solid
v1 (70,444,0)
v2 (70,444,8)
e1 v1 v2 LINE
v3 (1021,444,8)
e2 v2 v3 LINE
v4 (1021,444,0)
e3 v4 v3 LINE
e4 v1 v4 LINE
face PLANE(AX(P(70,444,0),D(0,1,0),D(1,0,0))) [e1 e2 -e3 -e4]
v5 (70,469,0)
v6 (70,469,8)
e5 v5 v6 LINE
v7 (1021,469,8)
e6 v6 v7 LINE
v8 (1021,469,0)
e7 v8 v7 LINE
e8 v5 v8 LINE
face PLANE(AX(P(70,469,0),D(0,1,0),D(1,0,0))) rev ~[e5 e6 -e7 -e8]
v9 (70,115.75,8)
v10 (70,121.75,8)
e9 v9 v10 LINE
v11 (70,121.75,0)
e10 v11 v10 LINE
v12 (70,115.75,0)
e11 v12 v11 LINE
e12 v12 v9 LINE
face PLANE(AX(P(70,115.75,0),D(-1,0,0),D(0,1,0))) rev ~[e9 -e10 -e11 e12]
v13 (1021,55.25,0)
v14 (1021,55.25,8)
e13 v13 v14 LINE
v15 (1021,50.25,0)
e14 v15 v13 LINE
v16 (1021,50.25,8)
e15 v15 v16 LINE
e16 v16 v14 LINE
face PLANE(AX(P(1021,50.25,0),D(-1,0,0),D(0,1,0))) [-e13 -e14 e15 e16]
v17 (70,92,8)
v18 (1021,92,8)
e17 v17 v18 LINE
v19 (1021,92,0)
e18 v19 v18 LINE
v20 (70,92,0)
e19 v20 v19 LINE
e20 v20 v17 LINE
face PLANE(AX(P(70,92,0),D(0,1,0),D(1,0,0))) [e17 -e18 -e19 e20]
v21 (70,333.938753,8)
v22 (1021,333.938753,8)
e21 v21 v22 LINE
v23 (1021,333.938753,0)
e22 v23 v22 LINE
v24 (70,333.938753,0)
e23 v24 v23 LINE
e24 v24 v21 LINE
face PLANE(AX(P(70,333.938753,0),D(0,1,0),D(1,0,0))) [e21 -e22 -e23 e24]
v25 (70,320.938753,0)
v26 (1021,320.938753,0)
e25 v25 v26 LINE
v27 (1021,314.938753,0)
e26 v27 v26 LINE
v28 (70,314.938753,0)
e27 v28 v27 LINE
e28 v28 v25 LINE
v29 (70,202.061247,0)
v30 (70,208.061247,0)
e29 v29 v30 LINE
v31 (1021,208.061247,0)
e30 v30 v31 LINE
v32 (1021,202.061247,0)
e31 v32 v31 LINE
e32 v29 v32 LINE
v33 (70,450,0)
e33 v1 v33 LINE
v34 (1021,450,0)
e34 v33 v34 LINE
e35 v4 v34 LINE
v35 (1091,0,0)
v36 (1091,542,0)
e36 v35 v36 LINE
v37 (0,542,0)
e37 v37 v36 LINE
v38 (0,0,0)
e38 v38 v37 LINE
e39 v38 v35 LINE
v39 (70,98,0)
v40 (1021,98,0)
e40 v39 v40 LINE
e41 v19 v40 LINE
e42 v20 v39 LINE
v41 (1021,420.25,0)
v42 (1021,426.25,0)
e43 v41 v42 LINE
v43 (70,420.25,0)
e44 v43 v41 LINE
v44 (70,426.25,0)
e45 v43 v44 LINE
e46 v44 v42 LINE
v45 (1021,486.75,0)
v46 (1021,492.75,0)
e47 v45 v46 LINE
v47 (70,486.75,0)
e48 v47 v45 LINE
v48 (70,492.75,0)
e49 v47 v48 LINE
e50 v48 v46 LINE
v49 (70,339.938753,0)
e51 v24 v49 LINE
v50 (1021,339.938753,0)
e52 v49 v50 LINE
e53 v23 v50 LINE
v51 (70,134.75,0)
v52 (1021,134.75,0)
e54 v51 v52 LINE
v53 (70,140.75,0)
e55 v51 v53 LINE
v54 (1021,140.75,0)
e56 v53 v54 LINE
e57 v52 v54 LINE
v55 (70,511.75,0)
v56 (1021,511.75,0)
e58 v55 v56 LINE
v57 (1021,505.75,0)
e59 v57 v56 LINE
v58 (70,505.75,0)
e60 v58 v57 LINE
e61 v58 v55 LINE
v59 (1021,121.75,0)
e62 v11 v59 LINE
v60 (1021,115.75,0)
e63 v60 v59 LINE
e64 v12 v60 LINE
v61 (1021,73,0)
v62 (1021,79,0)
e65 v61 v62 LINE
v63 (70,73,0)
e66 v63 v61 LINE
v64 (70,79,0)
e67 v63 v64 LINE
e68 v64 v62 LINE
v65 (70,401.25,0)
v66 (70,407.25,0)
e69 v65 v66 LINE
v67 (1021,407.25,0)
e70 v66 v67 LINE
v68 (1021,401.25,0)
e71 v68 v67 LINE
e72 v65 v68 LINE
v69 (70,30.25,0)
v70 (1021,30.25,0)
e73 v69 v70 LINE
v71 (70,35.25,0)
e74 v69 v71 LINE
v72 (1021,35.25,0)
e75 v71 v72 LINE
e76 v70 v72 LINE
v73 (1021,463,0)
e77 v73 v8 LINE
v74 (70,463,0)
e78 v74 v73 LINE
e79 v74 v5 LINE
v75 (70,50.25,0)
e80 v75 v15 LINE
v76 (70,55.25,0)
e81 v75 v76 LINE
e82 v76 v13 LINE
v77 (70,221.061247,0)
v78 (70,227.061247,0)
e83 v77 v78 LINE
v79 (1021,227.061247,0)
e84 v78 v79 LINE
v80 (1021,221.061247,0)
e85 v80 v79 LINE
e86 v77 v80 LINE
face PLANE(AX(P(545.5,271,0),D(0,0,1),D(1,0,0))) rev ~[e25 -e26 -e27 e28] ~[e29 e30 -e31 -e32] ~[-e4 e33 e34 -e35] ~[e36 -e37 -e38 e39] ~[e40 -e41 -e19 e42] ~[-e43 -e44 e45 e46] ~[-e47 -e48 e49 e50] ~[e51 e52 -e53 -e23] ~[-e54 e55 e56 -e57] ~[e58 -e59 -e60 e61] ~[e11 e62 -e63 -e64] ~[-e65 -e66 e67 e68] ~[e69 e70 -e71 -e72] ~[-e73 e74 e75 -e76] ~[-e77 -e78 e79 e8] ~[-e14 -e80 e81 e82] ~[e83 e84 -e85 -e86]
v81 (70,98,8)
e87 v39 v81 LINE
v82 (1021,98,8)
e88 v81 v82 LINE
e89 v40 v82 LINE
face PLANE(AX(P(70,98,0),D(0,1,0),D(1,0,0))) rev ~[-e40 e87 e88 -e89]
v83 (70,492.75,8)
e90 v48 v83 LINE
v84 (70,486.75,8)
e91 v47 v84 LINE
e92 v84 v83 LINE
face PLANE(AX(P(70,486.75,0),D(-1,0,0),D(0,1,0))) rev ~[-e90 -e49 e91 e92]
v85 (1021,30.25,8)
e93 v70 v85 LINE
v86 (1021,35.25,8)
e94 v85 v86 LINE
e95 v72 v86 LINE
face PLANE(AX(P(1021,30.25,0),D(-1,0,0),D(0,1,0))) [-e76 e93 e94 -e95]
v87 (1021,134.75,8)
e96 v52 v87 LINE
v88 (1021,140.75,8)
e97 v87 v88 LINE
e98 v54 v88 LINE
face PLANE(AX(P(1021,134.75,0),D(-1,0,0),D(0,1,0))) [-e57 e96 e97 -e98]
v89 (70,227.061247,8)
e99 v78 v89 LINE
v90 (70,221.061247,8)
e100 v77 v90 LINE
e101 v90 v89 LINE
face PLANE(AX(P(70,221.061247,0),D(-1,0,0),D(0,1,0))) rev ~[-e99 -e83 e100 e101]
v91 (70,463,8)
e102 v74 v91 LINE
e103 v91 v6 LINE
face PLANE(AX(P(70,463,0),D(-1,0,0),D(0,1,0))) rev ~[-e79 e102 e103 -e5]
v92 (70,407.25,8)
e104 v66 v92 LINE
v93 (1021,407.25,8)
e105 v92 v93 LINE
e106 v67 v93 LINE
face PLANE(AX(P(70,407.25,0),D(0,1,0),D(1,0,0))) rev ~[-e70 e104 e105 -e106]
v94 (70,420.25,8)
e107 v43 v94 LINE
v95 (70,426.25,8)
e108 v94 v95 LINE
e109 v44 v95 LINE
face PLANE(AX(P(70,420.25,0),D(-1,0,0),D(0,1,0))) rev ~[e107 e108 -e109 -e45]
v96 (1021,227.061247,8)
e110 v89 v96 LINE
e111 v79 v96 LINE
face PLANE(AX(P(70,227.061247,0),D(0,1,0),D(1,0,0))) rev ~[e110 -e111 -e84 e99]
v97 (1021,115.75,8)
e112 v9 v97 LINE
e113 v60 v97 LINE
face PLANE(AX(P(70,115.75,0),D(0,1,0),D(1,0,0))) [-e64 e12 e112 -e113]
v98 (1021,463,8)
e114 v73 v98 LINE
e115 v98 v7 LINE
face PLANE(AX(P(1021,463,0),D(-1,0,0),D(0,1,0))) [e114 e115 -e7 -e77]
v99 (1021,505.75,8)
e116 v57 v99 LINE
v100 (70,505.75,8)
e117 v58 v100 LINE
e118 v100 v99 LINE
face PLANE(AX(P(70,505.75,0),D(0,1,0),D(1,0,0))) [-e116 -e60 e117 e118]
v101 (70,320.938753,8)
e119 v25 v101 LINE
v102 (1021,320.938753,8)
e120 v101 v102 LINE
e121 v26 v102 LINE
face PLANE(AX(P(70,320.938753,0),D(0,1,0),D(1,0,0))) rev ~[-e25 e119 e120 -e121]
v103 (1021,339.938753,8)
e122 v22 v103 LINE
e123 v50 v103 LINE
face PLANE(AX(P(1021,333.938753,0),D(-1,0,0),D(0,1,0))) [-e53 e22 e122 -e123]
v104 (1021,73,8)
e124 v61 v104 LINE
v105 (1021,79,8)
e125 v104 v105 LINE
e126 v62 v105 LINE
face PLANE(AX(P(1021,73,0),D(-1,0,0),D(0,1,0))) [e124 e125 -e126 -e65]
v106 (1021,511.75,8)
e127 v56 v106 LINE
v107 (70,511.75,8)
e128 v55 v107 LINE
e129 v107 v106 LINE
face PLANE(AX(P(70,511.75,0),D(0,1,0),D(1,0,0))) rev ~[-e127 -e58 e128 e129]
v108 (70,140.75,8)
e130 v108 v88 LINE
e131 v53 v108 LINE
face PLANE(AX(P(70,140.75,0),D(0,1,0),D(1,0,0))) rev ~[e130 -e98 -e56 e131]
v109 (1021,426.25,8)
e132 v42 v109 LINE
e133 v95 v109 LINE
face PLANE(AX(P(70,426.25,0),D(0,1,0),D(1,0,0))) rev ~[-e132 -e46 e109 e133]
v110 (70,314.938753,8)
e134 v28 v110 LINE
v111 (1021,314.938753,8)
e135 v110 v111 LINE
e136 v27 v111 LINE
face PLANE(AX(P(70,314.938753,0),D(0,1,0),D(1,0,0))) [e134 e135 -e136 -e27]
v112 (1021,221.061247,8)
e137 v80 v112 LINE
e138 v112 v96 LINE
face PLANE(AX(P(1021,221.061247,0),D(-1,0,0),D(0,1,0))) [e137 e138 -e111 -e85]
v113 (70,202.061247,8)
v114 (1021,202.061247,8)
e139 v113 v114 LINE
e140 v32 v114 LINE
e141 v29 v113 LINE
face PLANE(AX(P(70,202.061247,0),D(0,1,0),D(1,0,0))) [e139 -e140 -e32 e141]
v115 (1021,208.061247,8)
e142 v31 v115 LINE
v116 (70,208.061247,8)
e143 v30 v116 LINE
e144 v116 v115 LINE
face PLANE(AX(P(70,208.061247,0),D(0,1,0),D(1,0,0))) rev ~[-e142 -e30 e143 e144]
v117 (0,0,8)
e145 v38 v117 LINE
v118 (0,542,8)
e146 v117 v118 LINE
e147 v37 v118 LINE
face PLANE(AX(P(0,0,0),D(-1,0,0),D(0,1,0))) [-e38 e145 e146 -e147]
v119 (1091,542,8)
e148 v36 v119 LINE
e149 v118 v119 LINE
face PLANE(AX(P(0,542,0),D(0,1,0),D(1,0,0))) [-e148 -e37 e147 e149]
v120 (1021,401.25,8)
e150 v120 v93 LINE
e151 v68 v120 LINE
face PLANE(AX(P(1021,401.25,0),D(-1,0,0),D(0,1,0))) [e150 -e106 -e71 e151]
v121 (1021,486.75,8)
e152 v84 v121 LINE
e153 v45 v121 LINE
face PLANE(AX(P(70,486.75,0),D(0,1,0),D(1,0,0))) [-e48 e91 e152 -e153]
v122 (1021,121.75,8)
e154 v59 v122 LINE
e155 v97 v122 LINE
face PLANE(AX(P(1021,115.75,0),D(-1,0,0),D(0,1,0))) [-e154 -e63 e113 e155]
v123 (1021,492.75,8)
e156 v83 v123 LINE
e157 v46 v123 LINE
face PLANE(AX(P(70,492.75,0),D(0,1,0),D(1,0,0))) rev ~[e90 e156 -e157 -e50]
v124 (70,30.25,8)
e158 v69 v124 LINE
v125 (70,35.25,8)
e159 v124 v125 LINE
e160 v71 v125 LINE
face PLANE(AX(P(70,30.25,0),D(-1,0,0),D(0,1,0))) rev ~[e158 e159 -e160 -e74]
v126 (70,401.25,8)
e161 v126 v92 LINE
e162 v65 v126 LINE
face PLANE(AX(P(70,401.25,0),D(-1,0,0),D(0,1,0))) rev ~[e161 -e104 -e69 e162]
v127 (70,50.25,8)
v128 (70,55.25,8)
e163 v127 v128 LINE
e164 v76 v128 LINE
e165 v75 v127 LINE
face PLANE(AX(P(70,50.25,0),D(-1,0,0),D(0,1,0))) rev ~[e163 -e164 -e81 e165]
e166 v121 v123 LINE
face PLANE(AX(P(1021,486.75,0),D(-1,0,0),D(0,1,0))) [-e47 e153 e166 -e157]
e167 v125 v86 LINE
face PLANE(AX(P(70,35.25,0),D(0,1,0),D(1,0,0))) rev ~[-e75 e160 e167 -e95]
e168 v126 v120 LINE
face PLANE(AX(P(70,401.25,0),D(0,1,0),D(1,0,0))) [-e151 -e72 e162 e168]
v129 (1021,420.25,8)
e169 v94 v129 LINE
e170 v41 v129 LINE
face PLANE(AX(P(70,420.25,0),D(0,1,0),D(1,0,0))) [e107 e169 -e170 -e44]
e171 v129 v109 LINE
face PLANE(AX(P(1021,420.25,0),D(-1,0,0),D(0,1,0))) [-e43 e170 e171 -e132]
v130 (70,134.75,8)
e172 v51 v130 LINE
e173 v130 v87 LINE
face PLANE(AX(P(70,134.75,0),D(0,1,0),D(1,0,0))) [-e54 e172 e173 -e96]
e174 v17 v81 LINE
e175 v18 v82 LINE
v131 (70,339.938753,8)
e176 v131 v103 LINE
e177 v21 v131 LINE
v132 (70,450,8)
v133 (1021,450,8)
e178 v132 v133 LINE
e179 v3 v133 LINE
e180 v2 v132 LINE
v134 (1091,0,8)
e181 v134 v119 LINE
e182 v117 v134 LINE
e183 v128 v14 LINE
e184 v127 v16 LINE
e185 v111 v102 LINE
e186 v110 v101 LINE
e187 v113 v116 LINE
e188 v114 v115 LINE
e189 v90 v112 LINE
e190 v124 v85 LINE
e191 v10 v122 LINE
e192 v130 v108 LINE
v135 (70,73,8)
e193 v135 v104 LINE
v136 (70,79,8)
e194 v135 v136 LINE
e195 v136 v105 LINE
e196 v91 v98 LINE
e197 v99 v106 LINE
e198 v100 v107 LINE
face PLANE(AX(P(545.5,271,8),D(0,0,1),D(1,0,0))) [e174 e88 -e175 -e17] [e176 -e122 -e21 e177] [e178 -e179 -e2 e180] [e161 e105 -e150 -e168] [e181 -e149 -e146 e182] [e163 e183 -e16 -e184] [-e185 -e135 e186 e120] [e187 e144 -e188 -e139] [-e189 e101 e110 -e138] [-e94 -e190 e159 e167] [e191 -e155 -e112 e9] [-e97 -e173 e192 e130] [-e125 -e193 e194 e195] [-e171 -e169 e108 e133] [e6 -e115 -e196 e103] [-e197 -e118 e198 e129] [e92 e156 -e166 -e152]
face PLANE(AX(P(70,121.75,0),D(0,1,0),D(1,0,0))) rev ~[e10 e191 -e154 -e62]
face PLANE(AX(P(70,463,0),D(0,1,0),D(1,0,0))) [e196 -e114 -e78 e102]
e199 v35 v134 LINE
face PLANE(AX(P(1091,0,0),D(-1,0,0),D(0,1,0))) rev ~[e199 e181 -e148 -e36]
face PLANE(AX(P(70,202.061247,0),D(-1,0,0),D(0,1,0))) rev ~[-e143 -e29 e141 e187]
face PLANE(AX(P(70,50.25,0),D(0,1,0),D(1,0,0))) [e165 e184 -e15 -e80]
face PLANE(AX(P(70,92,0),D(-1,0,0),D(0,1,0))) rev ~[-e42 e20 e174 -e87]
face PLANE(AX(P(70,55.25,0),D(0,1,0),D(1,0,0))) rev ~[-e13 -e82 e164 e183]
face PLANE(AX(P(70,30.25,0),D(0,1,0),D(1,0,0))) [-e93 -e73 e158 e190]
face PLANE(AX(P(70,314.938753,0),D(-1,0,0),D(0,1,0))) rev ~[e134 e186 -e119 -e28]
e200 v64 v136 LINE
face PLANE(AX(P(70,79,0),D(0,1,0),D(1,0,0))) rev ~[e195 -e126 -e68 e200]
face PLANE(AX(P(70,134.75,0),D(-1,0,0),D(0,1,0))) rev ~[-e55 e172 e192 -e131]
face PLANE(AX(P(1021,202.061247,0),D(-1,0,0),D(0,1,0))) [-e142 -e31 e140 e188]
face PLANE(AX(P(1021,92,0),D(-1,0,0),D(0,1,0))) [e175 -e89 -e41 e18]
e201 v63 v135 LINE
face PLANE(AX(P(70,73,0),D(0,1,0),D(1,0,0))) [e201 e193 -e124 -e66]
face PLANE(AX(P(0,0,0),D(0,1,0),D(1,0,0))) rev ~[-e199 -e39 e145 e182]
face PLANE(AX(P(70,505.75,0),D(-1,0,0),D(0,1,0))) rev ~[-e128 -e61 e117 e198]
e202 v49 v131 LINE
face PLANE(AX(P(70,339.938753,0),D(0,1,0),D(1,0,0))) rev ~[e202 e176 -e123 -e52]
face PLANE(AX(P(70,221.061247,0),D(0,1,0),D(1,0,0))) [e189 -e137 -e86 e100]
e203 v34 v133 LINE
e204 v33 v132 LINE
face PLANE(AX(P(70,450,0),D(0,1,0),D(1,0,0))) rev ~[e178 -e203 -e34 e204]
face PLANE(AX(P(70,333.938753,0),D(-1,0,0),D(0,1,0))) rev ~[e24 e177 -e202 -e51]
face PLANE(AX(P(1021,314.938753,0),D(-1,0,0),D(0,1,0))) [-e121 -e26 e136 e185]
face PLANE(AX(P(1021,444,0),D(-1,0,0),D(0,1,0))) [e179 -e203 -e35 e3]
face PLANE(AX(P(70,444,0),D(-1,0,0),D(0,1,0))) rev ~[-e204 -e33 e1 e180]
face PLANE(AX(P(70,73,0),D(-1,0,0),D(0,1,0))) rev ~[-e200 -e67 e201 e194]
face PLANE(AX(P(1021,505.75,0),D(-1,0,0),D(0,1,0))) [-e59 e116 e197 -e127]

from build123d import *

# Parameters (mm, degrees)
F1_W     = 1091
F1_H     = 542
F1_W_2   = 951
F1_H_2   = 5
F1_H_3   = 6
F2_DEPTH = 8


with BuildPart() as f2:
    # F1 (on face) → F2 (new body)
    with BuildSketch(Plane.XY):
        with Locations((545.5, 271)):
            Rectangle(F1_W, F1_H)
        with Locations((545.5, 32.75)):
            Rectangle(F1_W_2, F1_H_2, mode=Mode.SUBTRACT)
        with Locations((545.5, 52.75)):
            Rectangle(F1_W_2, F1_H_2, mode=Mode.SUBTRACT)
        with Locations((545.5, 76)):
            Rectangle(F1_W_2, F1_H_3, mode=Mode.SUBTRACT)
        with Locations((545.5, 95)):
            Rectangle(F1_W_2, F1_H_3, mode=Mode.SUBTRACT)
        with Locations((545.5, 118.75)):
            Rectangle(F1_W_2, F1_H_3, mode=Mode.SUBTRACT)
        with Locations((545.5, 137.75)):
            Rectangle(F1_W_2, F1_H_3, mode=Mode.SUBTRACT)
        with Locations((545.5, 205.061247)):
            Rectangle(F1_W_2, F1_H_3, mode=Mode.SUBTRACT)
        with Locations((545.5, 224.061247)):
            Rectangle(F1_W_2, F1_H_3, mode=Mode.SUBTRACT)
        with Locations((545.5, 317.938753)):
            Rectangle(F1_W_2, F1_H_3, mode=Mode.SUBTRACT)
        with Locations((545.5, 336.938753)):
            Rectangle(F1_W_2, F1_H_3, mode=Mode.SUBTRACT)
        with Locations((545.5, 404.25)):
            Rectangle(F1_W_2, F1_H_3, mode=Mode.SUBTRACT)
        with Locations((545.5, 423.25)):
            Rectangle(F1_W_2, F1_H_3, mode=Mode.SUBTRACT)
        with Locations((545.5, 447)):
            Rectangle(F1_W_2, F1_H_3, mode=Mode.SUBTRACT)
        with Locations((545.5, 466)):
            Rectangle(F1_W_2, F1_H_3, mode=Mode.SUBTRACT)
        with Locations((545.5, 489.75)):
            Rectangle(F1_W_2, F1_H_3, mode=Mode.SUBTRACT)
        with Locations((545.5, 508.75)):
            Rectangle(F1_W_2, F1_H_3, mode=Mode.SUBTRACT)
    extrude(amount=F2_DEPTH)


solid = f2.part
